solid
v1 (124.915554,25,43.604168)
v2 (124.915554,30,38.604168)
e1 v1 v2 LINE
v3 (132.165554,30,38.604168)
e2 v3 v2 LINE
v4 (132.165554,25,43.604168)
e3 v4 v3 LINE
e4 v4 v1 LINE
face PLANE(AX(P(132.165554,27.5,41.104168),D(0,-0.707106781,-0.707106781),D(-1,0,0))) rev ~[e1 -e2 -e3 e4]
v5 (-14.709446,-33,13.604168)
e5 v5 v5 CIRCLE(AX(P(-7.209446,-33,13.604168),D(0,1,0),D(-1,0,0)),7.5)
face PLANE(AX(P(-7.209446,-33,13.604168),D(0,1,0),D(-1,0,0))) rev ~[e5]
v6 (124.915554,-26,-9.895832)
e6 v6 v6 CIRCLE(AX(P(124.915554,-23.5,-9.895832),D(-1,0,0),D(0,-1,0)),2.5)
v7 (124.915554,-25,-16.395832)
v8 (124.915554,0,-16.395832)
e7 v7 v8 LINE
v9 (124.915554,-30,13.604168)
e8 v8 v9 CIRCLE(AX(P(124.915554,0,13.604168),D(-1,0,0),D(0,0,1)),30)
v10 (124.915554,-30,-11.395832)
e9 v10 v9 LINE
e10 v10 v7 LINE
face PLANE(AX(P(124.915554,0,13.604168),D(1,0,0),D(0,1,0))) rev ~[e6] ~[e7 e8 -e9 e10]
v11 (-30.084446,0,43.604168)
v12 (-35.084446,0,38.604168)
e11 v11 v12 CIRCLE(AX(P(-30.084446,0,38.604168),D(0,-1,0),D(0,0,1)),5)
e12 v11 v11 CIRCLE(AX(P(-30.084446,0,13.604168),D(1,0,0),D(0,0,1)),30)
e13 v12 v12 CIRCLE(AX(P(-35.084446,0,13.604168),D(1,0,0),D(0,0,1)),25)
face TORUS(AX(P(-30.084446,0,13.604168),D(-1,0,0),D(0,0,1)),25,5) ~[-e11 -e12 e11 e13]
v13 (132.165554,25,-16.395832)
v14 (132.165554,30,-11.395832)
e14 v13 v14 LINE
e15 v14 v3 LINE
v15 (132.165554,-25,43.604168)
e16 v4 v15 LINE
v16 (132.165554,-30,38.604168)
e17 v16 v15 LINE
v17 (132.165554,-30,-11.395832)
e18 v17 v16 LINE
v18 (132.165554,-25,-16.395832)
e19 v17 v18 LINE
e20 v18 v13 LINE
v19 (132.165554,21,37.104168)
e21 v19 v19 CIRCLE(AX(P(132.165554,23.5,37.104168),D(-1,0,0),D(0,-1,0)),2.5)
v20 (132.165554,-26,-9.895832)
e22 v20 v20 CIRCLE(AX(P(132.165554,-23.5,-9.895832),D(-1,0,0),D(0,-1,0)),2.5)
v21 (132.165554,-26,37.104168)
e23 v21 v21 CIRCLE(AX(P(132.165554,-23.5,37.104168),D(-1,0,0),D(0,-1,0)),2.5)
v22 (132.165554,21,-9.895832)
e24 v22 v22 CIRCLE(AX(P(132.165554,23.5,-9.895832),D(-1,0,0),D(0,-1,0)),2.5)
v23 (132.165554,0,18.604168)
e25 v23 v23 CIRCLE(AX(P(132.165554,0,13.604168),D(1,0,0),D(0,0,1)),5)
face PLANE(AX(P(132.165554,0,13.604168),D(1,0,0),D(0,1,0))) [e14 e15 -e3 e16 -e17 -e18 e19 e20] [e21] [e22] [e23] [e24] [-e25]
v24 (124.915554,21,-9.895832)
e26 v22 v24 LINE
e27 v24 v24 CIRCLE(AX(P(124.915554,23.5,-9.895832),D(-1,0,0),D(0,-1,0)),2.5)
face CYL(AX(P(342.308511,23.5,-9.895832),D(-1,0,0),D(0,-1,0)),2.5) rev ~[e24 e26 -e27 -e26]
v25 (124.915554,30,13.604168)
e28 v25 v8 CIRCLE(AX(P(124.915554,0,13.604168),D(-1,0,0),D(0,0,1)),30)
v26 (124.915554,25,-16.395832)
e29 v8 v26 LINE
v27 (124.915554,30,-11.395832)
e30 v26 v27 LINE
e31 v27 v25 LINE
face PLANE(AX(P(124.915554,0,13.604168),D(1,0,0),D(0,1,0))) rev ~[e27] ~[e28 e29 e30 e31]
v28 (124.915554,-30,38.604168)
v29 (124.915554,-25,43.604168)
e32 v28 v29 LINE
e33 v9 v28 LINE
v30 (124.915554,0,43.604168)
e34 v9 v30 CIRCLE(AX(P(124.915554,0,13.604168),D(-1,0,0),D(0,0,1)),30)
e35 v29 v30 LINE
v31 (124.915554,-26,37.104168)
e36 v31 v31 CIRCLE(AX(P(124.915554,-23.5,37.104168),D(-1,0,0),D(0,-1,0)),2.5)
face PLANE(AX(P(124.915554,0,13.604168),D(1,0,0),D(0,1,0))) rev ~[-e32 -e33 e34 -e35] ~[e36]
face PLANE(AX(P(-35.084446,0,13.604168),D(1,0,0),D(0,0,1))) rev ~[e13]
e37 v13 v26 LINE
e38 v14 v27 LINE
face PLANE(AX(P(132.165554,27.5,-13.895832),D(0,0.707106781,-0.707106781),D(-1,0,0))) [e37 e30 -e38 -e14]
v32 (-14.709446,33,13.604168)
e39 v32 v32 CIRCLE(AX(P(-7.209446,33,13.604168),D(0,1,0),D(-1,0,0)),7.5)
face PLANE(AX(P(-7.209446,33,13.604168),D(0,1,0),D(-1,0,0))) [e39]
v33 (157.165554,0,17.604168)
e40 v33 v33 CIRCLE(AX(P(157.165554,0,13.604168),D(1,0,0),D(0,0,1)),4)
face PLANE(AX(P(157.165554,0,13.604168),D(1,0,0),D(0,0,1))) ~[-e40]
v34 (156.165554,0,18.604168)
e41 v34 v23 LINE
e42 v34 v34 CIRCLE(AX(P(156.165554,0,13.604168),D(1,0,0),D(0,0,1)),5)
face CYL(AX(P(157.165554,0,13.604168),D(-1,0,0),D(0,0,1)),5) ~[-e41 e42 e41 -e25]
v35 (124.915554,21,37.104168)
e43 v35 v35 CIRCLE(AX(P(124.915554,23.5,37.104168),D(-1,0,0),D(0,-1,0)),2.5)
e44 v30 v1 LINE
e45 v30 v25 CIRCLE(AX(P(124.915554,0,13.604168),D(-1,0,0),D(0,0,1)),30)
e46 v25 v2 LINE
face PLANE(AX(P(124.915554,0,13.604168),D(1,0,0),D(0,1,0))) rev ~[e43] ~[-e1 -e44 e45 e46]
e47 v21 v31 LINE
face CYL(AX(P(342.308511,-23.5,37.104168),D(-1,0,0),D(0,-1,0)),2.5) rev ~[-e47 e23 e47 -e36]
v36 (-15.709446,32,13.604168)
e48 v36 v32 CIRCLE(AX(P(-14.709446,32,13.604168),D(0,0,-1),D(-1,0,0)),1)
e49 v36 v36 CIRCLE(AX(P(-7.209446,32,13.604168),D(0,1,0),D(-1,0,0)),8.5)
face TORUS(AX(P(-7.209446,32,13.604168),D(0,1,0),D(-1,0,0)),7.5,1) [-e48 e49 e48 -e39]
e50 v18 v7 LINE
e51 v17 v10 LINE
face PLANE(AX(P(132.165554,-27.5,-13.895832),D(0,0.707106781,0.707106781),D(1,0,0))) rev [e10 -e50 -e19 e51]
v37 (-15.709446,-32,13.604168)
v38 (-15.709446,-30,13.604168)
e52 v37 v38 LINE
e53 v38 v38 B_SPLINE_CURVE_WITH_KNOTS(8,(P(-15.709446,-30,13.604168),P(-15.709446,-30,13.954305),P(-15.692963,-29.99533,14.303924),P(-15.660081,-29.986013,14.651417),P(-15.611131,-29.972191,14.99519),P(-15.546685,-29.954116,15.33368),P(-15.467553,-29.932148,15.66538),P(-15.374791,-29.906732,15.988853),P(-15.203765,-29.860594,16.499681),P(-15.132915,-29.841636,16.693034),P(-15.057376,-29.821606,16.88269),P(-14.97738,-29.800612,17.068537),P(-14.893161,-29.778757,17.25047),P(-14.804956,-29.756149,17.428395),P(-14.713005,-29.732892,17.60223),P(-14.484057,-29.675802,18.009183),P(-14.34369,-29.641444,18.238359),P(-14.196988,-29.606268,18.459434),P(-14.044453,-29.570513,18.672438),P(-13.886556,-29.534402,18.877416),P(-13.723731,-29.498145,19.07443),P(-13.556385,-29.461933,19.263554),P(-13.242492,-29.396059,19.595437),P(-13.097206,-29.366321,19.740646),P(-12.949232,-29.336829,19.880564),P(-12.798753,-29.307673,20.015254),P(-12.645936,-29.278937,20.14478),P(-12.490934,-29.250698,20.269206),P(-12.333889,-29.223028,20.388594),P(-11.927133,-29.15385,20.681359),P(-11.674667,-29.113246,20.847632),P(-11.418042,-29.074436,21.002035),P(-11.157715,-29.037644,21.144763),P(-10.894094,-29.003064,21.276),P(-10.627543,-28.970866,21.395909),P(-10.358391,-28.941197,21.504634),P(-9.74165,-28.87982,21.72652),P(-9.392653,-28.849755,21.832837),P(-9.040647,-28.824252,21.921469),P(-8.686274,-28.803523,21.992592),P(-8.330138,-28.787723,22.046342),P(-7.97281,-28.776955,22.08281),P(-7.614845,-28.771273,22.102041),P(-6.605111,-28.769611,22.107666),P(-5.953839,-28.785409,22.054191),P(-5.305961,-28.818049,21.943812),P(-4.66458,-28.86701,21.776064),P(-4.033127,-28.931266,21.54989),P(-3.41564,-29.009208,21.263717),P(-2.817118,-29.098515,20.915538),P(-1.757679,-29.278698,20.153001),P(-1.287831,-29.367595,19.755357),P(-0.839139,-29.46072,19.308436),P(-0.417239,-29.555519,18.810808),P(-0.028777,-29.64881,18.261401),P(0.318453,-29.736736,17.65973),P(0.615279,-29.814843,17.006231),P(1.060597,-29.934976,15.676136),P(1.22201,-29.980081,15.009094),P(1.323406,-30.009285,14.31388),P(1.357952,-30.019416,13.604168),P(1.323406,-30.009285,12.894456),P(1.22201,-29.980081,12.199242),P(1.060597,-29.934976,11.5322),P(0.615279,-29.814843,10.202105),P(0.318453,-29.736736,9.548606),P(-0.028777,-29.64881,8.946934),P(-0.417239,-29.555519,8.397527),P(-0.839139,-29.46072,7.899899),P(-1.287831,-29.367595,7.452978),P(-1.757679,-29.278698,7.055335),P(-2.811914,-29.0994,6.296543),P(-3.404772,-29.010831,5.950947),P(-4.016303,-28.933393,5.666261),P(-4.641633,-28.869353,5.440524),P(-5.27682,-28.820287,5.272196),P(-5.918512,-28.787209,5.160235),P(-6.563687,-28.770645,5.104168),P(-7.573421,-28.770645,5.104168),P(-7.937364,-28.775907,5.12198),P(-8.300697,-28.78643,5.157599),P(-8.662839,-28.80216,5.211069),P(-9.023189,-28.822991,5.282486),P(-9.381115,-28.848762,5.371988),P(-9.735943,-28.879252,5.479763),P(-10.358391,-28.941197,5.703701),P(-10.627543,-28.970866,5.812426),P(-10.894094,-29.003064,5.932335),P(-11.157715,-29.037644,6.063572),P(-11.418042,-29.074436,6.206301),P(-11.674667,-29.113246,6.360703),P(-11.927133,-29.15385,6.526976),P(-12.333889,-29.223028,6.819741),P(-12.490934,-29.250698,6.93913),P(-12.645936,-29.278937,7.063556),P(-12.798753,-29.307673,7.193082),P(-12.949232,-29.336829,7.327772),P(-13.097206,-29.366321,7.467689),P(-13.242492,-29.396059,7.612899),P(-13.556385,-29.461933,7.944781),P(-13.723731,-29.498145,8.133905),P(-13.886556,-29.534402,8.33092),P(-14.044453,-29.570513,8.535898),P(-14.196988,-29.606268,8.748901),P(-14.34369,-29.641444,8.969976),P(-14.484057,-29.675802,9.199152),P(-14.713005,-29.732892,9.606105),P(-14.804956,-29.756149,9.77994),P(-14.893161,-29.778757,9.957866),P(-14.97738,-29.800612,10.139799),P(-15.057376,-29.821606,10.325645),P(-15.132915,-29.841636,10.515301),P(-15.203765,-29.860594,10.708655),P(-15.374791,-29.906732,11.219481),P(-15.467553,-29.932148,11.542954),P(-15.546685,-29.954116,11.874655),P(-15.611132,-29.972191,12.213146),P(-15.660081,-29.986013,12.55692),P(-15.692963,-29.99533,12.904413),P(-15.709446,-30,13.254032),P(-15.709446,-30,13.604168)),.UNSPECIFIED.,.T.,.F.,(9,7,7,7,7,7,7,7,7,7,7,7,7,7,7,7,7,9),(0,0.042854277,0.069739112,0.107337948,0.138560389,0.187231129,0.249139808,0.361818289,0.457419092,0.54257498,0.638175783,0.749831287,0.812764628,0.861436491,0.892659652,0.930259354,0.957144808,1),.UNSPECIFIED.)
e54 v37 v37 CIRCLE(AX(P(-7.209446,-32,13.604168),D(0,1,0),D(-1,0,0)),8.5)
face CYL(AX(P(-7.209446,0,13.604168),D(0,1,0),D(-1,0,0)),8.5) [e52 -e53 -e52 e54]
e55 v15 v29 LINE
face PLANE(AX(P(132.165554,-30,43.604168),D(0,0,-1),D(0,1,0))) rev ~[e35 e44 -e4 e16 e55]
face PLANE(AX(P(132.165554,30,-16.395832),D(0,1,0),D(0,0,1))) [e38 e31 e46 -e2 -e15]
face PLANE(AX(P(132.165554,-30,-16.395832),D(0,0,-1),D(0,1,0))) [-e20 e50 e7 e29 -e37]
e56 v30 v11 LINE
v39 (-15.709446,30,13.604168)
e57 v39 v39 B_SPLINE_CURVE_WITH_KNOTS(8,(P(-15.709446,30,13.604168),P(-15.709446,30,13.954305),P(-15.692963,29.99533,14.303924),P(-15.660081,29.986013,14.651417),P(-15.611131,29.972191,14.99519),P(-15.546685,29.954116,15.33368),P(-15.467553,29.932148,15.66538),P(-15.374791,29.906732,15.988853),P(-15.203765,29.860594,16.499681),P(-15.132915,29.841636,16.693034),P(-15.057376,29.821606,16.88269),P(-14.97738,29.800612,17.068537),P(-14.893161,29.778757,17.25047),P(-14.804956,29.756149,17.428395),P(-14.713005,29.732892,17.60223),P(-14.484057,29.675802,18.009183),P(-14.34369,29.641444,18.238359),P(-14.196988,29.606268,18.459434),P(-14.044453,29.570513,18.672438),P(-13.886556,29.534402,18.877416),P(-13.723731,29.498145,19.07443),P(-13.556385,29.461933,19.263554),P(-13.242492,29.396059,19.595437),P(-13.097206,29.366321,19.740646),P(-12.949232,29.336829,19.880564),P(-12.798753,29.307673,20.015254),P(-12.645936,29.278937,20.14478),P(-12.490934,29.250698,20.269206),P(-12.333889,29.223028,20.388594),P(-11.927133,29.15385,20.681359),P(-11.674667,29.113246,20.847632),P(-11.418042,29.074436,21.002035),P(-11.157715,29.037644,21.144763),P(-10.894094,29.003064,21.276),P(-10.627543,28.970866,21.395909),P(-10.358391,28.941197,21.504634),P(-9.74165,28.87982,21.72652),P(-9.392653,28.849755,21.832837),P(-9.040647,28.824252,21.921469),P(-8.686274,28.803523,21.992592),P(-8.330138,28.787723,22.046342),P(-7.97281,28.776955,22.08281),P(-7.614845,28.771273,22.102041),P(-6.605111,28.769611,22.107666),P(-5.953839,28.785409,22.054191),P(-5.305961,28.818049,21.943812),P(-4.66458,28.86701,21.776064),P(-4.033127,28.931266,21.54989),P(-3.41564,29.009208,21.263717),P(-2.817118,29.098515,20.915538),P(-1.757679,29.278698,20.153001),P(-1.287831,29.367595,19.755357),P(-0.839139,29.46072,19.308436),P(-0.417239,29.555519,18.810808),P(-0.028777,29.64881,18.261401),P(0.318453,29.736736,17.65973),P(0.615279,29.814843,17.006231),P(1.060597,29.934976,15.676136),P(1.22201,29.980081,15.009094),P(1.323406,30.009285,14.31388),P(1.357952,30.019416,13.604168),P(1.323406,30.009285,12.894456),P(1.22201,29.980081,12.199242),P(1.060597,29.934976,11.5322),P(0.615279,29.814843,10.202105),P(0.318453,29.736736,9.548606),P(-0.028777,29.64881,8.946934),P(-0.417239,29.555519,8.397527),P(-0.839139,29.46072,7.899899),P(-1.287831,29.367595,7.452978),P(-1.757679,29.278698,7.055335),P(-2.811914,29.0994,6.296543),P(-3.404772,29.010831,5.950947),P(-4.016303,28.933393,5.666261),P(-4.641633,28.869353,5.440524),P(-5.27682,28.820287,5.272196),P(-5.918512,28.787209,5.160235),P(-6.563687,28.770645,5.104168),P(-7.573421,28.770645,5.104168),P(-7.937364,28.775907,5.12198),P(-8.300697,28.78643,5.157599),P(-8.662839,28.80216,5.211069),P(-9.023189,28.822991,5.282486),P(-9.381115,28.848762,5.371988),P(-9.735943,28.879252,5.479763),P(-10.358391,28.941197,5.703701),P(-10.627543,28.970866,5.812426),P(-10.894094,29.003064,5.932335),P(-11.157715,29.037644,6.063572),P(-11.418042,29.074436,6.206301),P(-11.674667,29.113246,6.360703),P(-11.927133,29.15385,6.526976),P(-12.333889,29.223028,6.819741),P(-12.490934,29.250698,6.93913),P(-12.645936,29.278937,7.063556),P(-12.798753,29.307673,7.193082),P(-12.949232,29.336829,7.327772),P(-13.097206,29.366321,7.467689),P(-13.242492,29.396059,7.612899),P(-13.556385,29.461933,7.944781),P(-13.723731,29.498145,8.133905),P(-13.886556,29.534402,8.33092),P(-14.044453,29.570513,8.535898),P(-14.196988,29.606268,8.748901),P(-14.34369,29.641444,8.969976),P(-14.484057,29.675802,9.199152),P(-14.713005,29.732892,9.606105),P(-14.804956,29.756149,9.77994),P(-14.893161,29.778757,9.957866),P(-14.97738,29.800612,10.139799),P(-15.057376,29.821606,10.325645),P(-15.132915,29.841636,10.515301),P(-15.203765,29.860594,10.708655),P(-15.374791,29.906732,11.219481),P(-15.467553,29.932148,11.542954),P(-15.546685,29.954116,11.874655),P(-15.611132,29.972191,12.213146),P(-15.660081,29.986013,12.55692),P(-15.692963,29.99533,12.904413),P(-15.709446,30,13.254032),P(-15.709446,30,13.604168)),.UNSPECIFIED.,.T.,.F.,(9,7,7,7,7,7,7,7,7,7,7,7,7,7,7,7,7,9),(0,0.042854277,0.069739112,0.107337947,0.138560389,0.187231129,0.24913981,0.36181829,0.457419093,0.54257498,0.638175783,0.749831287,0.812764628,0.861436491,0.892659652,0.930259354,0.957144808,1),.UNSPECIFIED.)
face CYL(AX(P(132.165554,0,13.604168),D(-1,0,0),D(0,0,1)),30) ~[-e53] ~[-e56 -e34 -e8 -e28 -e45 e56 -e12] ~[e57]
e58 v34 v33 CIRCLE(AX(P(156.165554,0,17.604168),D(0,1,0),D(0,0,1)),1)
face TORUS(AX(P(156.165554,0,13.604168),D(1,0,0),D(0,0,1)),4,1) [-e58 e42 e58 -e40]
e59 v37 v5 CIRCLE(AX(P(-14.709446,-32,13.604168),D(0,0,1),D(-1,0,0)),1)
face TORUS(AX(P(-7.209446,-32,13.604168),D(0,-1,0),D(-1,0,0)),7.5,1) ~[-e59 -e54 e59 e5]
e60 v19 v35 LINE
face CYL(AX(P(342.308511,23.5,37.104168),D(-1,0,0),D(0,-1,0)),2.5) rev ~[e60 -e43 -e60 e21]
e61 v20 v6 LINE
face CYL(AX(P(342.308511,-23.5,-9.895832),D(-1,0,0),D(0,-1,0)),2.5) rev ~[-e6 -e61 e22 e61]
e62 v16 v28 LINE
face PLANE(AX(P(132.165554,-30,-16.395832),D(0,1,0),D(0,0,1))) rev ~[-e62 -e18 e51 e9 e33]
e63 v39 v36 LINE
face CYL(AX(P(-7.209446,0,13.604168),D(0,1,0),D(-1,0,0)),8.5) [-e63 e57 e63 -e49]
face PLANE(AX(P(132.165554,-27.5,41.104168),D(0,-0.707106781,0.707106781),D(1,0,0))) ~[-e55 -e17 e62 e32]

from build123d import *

# Parameters (mm, degrees)
F2_W      = 60
F2_H      = 60
F3_DEPTH  = 7.25
F5_D      = 5
F6_SIZE   = 5
F7_R      = 5
F8_R      = 1
F10_R     = 8.5
F11_DEPTH = 33
F12_R     = 1


with BuildPart() as f1:
    # F0 (on Front) → F1 (revolve)
    with BuildSketch(Plane.XZ):
        Polygon((-35.0844461756, 13.6041676658), (157.1655538244, 13.6041676658), (157.1655538244, 18.6041676658), (132.1655538244, 18.6041676658), (132.1655538244, 43.6041676658), (-35.0844461756, 43.6041676658), align=None)
    revolve(axis=Axis((57.2006537472, 0, 13.6041676658), (1, 0, 0)))

    # F2 (on face) → F3 (join)
    with BuildSketch(Plane.YZ.offset(132.1655538244)):
        with Locations((0, 13.6041676658)):
            Rectangle(F2_W, F2_H)
    extrude(amount=-F3_DEPTH)

    # F5 (through all)
    with Locations(Plane.YZ.offset(132.1655538244)):
        with Locations((-23.5, 37.1041676658), (23.5, 37.1041676658), (-23.5, -9.8958323342), (23.5, -9.8958323342)):
            Hole(F5_D / 2)

    # F6
    f6_edges = [f1.edges().sort_by_distance(p)[0] for p in [
        (128.540554, 30, 43.604168),
        (128.540554, 30, -16.395832),
        (128.540554, -30, 43.604168),
        (128.540554, -30, -16.395832),
    ]]
    chamfer(f6_edges, length=F6_SIZE)

    # F7
    f7_edges = [f1.edges().sort_by_distance(p)[0] for p in [
        (-35.084446, 0, -16.395832),
    ]]
    fillet(f7_edges, radius=F7_R)

    # F8
    f8_edges = [f1.edges().sort_by_distance(p)[0] for p in [
        (157.165554, 0, 8.604168),
    ]]
    fillet(f8_edges, radius=F8_R)

    # F10 (on offset) → F11 (join, symmetric)
    with BuildSketch(Plane(origin=(0, 0, 0), x_dir=(-1, 0, 0), z_dir=(0, 1, 0))):
        with Locations((7.2094461756, 13.6041676658)):
            Circle(F10_R)
    extrude(amount=F11_DEPTH, both=True)

    # F12
    f12_edges = [f1.edges().sort_by_distance(p)[0] for p in [
        (1.290554, -33, 13.604168),
        (1.290554, 33, 13.604168),
    ]]
    fillet(f12_edges, radius=F12_R)


solid = f1.part
